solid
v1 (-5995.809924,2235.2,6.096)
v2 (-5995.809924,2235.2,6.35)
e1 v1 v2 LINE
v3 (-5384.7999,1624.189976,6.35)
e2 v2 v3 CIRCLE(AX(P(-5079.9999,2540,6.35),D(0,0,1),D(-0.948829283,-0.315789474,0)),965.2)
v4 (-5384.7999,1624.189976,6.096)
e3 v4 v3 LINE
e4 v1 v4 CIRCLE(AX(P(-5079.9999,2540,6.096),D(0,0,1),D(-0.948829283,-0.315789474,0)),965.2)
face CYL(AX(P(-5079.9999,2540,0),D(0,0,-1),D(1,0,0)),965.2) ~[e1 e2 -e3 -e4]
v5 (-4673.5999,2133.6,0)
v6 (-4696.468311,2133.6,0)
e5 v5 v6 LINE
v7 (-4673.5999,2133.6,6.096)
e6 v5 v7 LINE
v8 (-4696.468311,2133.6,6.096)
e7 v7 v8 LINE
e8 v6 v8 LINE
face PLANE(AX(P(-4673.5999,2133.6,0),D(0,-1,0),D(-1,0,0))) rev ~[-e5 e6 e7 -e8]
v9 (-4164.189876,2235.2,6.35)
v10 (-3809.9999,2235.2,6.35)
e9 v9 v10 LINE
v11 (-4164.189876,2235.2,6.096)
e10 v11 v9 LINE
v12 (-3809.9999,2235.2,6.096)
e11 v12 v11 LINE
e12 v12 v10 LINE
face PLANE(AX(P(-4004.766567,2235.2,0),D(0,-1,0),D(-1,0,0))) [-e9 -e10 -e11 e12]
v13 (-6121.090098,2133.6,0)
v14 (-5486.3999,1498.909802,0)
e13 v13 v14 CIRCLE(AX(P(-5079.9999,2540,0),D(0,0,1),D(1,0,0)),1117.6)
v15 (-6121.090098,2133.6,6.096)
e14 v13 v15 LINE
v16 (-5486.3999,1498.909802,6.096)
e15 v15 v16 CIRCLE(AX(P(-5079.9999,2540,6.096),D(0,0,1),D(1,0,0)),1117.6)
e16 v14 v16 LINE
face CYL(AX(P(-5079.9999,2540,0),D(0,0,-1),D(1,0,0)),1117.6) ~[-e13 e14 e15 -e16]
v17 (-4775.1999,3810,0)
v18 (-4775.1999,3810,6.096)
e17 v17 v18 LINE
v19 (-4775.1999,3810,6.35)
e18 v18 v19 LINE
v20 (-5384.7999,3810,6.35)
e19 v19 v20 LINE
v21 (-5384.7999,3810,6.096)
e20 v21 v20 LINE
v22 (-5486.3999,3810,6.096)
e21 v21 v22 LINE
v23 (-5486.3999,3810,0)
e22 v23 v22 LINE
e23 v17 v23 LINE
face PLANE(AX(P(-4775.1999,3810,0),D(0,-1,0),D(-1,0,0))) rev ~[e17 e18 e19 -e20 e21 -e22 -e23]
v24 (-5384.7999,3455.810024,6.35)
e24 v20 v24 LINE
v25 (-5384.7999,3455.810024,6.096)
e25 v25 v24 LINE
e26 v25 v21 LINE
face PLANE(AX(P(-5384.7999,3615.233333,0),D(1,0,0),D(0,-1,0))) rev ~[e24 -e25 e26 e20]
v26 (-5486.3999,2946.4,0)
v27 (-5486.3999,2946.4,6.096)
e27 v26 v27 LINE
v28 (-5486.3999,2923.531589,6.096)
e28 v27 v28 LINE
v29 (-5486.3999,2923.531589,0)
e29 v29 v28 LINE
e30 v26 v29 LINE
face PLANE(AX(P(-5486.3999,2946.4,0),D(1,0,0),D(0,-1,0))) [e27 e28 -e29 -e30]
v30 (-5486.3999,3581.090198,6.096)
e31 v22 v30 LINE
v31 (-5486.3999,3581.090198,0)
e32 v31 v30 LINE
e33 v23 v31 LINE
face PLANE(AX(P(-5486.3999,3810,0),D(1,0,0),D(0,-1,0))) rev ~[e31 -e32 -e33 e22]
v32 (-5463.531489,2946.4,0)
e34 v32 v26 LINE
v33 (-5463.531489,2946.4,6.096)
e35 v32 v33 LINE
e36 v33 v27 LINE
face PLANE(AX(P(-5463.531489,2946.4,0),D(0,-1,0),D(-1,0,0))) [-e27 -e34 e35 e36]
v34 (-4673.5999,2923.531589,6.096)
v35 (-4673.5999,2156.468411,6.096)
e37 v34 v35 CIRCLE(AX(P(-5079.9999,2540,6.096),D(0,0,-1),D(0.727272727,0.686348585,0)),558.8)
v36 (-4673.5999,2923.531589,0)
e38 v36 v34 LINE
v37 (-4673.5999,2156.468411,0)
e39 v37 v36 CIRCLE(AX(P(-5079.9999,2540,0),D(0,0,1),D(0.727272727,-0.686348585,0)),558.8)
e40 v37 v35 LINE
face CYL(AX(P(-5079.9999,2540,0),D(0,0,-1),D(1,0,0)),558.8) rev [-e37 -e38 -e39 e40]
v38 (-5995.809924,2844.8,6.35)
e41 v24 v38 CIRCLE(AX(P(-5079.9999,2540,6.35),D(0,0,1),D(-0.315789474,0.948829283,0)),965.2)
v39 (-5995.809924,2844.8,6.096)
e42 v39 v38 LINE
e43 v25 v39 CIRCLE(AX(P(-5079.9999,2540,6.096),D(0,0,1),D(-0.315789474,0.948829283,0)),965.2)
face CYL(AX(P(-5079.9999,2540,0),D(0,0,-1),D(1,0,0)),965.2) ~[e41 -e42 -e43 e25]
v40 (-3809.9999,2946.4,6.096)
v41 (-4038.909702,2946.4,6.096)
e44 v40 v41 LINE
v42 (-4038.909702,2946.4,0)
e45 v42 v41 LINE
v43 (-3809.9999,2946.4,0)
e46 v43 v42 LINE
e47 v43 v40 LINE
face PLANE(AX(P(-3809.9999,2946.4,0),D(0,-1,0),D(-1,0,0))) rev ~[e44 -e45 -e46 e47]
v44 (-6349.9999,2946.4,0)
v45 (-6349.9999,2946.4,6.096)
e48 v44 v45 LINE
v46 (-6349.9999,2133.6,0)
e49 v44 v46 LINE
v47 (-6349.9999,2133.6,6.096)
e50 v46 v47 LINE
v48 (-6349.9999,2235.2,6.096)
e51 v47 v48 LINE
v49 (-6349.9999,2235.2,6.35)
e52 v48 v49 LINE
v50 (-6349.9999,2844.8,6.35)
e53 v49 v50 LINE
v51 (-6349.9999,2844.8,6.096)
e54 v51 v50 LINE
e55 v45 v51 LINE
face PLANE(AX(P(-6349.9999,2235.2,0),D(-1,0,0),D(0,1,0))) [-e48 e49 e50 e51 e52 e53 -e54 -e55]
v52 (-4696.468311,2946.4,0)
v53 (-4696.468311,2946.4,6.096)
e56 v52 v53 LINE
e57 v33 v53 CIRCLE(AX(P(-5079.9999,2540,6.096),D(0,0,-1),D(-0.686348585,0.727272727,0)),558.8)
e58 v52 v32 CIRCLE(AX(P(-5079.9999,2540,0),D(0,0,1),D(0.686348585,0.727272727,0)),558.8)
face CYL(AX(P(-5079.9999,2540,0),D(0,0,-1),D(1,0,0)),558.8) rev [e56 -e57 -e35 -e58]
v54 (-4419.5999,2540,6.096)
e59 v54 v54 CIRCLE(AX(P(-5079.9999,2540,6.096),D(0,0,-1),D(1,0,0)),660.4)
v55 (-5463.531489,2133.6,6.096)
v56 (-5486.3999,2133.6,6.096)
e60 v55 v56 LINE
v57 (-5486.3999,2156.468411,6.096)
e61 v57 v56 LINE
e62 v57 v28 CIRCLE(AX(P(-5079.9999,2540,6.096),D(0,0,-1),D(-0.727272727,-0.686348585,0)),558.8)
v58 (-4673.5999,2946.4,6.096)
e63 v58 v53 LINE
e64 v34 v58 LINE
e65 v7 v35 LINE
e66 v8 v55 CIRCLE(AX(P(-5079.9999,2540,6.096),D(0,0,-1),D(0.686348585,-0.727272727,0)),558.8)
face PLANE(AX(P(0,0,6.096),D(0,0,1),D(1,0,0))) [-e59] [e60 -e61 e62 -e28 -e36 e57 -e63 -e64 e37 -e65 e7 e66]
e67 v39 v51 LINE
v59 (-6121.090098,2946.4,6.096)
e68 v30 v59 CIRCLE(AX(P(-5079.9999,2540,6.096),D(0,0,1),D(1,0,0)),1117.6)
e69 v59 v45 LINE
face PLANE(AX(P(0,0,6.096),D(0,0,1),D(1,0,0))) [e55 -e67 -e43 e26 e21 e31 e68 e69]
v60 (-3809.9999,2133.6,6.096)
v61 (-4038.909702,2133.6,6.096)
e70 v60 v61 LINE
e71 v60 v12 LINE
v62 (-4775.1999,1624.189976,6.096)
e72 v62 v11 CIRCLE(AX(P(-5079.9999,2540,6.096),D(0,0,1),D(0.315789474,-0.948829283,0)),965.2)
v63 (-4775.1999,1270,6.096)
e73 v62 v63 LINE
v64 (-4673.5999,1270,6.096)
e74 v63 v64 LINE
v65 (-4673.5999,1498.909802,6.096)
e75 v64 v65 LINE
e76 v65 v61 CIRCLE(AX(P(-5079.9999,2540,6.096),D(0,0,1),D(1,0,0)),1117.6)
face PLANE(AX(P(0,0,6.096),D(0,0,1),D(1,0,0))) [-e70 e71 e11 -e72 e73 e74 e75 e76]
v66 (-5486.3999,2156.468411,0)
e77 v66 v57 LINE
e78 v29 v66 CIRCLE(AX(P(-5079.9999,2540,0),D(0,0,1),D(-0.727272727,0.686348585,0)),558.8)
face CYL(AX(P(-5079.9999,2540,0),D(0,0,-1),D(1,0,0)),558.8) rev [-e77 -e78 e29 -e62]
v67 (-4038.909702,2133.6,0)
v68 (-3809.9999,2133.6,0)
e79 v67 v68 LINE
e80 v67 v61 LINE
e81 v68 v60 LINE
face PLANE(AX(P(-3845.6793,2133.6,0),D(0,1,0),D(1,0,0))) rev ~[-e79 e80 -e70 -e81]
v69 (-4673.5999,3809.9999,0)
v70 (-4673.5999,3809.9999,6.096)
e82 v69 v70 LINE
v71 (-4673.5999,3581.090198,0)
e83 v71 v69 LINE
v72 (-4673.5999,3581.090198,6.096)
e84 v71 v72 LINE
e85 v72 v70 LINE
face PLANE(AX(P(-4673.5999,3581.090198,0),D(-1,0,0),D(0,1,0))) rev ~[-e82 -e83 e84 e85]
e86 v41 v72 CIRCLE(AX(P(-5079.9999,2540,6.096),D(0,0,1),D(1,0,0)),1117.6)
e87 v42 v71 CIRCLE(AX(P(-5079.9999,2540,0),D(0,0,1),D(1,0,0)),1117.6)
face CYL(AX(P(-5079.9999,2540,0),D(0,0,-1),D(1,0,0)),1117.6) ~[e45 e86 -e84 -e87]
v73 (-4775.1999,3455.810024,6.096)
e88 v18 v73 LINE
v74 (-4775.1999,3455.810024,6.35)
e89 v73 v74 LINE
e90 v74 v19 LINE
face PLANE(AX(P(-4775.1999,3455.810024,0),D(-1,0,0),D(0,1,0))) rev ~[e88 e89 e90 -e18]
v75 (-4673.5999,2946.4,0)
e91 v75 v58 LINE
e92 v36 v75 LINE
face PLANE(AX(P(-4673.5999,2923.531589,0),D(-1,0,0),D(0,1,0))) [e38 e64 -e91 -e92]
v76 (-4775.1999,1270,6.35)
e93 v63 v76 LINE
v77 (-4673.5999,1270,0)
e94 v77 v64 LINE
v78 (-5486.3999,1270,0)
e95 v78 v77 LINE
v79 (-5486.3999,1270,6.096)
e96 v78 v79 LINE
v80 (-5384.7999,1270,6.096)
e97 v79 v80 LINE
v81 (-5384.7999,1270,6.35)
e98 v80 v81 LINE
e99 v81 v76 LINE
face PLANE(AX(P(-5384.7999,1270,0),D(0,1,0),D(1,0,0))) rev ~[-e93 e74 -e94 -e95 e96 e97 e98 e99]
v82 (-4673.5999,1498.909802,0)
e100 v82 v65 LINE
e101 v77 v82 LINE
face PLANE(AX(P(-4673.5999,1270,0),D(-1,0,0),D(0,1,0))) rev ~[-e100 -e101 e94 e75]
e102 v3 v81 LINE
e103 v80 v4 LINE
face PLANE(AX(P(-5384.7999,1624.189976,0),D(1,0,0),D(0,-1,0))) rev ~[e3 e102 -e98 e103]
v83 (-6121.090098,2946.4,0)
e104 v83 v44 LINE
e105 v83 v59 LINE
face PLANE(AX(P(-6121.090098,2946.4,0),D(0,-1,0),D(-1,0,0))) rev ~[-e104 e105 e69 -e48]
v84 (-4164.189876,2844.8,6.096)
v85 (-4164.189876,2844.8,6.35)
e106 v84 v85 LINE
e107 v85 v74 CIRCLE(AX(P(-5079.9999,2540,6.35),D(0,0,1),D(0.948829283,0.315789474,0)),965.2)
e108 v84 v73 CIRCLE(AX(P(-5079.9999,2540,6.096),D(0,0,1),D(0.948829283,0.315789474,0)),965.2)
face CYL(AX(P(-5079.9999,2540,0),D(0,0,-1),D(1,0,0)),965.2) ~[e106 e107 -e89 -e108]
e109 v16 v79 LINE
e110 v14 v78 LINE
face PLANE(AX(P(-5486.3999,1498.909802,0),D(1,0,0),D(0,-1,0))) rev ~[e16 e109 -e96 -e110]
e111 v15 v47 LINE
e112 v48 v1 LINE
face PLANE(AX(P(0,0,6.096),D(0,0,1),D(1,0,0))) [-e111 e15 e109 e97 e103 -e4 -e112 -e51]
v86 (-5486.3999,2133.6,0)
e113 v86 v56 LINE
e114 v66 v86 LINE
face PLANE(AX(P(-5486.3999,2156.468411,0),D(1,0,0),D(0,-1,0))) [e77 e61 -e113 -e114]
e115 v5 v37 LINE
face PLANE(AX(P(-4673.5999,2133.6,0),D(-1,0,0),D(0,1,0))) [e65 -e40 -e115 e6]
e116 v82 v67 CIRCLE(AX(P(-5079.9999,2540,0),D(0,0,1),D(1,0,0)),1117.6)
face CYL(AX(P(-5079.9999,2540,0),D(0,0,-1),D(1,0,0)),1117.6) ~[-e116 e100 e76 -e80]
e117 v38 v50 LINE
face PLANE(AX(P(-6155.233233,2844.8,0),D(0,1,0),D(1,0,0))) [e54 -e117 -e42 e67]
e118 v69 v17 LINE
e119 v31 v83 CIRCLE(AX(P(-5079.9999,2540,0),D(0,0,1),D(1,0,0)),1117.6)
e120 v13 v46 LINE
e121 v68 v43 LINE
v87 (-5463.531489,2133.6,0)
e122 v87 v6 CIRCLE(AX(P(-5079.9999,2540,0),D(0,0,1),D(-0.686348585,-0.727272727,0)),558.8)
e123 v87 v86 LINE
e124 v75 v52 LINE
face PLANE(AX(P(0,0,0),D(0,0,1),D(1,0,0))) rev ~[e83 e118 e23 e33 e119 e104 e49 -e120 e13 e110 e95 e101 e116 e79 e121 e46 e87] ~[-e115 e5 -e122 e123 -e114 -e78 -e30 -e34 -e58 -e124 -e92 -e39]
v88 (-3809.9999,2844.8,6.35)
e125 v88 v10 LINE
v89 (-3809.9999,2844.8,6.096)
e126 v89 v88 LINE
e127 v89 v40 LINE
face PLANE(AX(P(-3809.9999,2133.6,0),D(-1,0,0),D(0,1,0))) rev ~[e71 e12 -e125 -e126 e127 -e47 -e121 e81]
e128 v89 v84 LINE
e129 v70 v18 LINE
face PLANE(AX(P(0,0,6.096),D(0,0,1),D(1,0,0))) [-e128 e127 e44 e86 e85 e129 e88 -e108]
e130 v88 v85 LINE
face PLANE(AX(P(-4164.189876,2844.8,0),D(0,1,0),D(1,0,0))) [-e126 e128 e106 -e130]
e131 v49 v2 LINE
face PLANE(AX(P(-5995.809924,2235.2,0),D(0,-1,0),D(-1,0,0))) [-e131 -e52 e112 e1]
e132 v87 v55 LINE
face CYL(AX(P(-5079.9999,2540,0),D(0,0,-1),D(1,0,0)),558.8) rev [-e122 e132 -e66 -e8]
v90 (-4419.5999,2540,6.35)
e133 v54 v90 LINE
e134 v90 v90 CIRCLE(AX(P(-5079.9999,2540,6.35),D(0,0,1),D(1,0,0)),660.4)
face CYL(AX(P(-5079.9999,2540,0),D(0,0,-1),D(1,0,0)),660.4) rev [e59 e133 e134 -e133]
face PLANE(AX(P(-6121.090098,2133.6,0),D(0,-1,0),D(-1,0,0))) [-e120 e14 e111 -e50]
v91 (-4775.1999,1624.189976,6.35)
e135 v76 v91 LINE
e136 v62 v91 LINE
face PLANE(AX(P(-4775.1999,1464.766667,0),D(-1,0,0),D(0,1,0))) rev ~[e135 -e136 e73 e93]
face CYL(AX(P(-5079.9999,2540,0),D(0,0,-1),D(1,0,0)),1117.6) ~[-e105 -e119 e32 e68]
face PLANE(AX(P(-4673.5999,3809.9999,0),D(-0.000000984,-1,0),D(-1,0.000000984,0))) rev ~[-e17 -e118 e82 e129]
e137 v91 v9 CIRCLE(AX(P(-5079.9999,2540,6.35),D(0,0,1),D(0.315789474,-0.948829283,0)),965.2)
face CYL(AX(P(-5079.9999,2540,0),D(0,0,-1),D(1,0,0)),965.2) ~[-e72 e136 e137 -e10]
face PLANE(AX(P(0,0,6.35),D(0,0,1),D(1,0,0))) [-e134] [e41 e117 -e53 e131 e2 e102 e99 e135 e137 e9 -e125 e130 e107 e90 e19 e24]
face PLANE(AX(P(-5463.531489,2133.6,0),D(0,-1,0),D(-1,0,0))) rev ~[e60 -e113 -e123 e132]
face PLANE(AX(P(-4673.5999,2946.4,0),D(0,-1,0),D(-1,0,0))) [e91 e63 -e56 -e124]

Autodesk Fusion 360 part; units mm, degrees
sketch "Sketch1" plane through (0, 0, 0) normal (0, 0, 1) x (1, 0, 0)
  circle A0 centre (-5079.9999, 2540) radius 660.4
  circle A1 centre (-5079.9999, 2540) radius 965.2
  line L0 (-6349.9999, 2844.8) -> (-3809.9999, 2844.8)
  line L1 (-3809.9999, 2844.8) -> (-3809.9999, 2235.2)
  line L2 (-3809.9999, 2235.2) -> (-6349.9999, 2235.2)
  line L3 (-6349.9999, 2235.2) -> (-6349.9999, 2844.8)
  line L4 (-6349.9999, 2844.8) -> (-3809.9999, 2235.2) construction
  line L5 (-3809.9999, 2844.8) -> (-6349.9999, 2235.2) construction
  line L6 (-4775.1999, 3810) -> (-5384.7999, 3810)
  line L7 (-5384.7999, 3810) -> (-5384.7999, 1270)
  line L8 (-5384.7999, 1270) -> (-4775.1999, 1270)
  line L9 (-4775.1999, 1270) -> (-4775.1999, 3810)
  line L10 (-4775.1999, 3810) -> (-5384.7999, 1270) construction
  line L11 (-5384.7999, 3810) -> (-4775.1999, 1270) construction
  line L12 (-6349.9999, 2235.2) -> (-3845.6793, 2235.2)
  line L13 (-3845.6793, 2235.2) -> (-3845.6793, 2133.6)
  line L14 (-3845.6793, 2133.6) -> (-6349.9999, 2133.6)
  line L15 (-6349.9999, 2133.6) -> (-6349.9999, 2235.2)
  line L16 (-6349.9999, 2844.8) -> (-3809.9999, 2844.8)
  line L17 (-3809.9999, 2844.8) -> (-3809.9999, 2946.4)
  line L18 (-3809.9999, 2946.4) -> (-6349.9999, 2946.4)
  line L19 (-6349.9999, 2946.4) -> (-6349.9999, 2844.8)
  line L20 (-5384.7999, 3810) -> (-5486.3999, 3810)
  line L21 (-5486.3999, 3810) -> (-5486.3999, 1270)
  line L22 (-5486.3999, 1270) -> (-5384.7999, 1270)
  line L23 (-5384.7999, 1270) -> (-5384.7999, 3810)
  line L24 (-4775.1999, 1270) -> (-4673.5999, 1270)
  line L25 (-4673.5999, 1270) -> (-4673.5999, 3809.9999)
  line L26 (-4673.5999, 3809.9999) -> (-4775.1999, 3809.9999)
  line L27 (-4775.1999, 3809.9999) -> (-4775.1999, 1270)
  circle A2 centre (-5079.9999, 2540) radius 558.8
  circle A3 centre (-5079.9999, 2540) radius 1117.6
  line L28 (-3845.6793, 2133.6) -> (-3809.9999, 2133.6)
  line L29 (-3809.9999, 2133.6) -> (-3809.9999, 2235.2)
  line L30 (-3809.9999, 2235.2) -> (-3845.6793, 2235.2)
  line L31 (-3845.6793, 2235.2) -> (-3845.6793, 2133.6)
  point P0 (-5079.9999, 2540)
  point P1 (-5079.9999, 2540)
  dimension "d1" = 1320.8
  dimension "d2" = 1930.4
  dimension "d3" = 2540
  dimension "d4" = 609.6
  dimension "d5" = 609.6
  dimension "d6" = 2540
  dimension "d7" = 101.6
  dimension "d8" = 101.6
  dimension "d9" = 101.6
  dimension "d10" = 101.6
  dimension "d11" = 1117.6
  dimension "d12" = 2235.2
extrude "Extrude1" add sketch "Sketch1" along normal blind 6.35 contours A0 A1 L0 L2 L12 L16 | A0 A1 L0 L16 L18 | A0 A1 L2 L12 L14 | A0 A1 L18 L25 | A1 L0 L2 L12 L16 A3 | A0 A1 L14 L25 | A0 A1 L9 L25 L27 | L0 L1 L2 L12 L16 A3 L30 | A0 A1 L9 L25 L27 | A0 A1 L7 L9 L23 L27 | A0 A1 L7 L9 L23 L27 | A0 A1 L7 L21 L23 | A1 L7 L9 L23 L27 A3 | A0 A1 L7 L21 L23 | A1 L7 L9 L23 L27 A3 | A0 A1 L18 L21 | L6 L7 L9 L23 L27 A3 | A0 A1 L14 L21 | L7 L8 L9 L23 L27 A3 | A0 A1 L0 L16 L18 | A0 A1 L2 L12 L14 | A0 A1 L0 L2 L12 L16 | A1 L0 L2 L12 L16 A3 | L0 L2 L3 L12 L16 A3
extrude "Extrude2" add sketch "Sketch1" along normal blind 6.096 contours A0 L0 L2 L12 L16 A2 | A0 L0 L16 L18 L25 A2 | A0 L2 L12 L14 L25 A2 | A0 L18 L25 | A1 L0 L16 L18 A3 | A0 L14 L25 | A1 L2 L12 L14 A3 | A0 L9 L18 L25 L27 A2 | A1 L18 L25 A3 | L0 L16 L17 L18 A3 | A0 L9 L14 L25 L27 A2 | A1 L14 L25 A3 | L2 L12 L13 L14 A3 L31 | A0 L7 L9 L23 L27 A2 | A1 L9 L25 L27 A3 | A0 L7 L9 L23 L27 A2 | A1 L9 L25 L27 A3 | A0 L7 L18 L21 L23 A2 | L9 L25 L26 L27 A3 | A0 L7 L14 L21 L23 A2 | L9 L24 L25 L27 A3 | A0 L18 L21 | A1 L7 L21 L23 A3 | A0 L14 L21 | A1 L7 L21 L23 A3 | A0 L0 L16 L18 L21 A2 | A1 L18 L21 A3 | L7 L20 L21 L23 A3 | A0 L0 L2 L12 L16 A2 | A0 L2 L12 L14 L21 A2 | A1 L14 L21 A3 | L7 L21 L22 L23 A3 | A1 L0 L16 L18 A3 | A1 L2 L12 L14 A3 | L0 L16 L18 L19 A3 | L2 L12 L14 L15 A3
extrude "Extrude3" add sketch "Sketch1" along normal blind 6.096 contours L2 L13 L28 L29 L30 L31
